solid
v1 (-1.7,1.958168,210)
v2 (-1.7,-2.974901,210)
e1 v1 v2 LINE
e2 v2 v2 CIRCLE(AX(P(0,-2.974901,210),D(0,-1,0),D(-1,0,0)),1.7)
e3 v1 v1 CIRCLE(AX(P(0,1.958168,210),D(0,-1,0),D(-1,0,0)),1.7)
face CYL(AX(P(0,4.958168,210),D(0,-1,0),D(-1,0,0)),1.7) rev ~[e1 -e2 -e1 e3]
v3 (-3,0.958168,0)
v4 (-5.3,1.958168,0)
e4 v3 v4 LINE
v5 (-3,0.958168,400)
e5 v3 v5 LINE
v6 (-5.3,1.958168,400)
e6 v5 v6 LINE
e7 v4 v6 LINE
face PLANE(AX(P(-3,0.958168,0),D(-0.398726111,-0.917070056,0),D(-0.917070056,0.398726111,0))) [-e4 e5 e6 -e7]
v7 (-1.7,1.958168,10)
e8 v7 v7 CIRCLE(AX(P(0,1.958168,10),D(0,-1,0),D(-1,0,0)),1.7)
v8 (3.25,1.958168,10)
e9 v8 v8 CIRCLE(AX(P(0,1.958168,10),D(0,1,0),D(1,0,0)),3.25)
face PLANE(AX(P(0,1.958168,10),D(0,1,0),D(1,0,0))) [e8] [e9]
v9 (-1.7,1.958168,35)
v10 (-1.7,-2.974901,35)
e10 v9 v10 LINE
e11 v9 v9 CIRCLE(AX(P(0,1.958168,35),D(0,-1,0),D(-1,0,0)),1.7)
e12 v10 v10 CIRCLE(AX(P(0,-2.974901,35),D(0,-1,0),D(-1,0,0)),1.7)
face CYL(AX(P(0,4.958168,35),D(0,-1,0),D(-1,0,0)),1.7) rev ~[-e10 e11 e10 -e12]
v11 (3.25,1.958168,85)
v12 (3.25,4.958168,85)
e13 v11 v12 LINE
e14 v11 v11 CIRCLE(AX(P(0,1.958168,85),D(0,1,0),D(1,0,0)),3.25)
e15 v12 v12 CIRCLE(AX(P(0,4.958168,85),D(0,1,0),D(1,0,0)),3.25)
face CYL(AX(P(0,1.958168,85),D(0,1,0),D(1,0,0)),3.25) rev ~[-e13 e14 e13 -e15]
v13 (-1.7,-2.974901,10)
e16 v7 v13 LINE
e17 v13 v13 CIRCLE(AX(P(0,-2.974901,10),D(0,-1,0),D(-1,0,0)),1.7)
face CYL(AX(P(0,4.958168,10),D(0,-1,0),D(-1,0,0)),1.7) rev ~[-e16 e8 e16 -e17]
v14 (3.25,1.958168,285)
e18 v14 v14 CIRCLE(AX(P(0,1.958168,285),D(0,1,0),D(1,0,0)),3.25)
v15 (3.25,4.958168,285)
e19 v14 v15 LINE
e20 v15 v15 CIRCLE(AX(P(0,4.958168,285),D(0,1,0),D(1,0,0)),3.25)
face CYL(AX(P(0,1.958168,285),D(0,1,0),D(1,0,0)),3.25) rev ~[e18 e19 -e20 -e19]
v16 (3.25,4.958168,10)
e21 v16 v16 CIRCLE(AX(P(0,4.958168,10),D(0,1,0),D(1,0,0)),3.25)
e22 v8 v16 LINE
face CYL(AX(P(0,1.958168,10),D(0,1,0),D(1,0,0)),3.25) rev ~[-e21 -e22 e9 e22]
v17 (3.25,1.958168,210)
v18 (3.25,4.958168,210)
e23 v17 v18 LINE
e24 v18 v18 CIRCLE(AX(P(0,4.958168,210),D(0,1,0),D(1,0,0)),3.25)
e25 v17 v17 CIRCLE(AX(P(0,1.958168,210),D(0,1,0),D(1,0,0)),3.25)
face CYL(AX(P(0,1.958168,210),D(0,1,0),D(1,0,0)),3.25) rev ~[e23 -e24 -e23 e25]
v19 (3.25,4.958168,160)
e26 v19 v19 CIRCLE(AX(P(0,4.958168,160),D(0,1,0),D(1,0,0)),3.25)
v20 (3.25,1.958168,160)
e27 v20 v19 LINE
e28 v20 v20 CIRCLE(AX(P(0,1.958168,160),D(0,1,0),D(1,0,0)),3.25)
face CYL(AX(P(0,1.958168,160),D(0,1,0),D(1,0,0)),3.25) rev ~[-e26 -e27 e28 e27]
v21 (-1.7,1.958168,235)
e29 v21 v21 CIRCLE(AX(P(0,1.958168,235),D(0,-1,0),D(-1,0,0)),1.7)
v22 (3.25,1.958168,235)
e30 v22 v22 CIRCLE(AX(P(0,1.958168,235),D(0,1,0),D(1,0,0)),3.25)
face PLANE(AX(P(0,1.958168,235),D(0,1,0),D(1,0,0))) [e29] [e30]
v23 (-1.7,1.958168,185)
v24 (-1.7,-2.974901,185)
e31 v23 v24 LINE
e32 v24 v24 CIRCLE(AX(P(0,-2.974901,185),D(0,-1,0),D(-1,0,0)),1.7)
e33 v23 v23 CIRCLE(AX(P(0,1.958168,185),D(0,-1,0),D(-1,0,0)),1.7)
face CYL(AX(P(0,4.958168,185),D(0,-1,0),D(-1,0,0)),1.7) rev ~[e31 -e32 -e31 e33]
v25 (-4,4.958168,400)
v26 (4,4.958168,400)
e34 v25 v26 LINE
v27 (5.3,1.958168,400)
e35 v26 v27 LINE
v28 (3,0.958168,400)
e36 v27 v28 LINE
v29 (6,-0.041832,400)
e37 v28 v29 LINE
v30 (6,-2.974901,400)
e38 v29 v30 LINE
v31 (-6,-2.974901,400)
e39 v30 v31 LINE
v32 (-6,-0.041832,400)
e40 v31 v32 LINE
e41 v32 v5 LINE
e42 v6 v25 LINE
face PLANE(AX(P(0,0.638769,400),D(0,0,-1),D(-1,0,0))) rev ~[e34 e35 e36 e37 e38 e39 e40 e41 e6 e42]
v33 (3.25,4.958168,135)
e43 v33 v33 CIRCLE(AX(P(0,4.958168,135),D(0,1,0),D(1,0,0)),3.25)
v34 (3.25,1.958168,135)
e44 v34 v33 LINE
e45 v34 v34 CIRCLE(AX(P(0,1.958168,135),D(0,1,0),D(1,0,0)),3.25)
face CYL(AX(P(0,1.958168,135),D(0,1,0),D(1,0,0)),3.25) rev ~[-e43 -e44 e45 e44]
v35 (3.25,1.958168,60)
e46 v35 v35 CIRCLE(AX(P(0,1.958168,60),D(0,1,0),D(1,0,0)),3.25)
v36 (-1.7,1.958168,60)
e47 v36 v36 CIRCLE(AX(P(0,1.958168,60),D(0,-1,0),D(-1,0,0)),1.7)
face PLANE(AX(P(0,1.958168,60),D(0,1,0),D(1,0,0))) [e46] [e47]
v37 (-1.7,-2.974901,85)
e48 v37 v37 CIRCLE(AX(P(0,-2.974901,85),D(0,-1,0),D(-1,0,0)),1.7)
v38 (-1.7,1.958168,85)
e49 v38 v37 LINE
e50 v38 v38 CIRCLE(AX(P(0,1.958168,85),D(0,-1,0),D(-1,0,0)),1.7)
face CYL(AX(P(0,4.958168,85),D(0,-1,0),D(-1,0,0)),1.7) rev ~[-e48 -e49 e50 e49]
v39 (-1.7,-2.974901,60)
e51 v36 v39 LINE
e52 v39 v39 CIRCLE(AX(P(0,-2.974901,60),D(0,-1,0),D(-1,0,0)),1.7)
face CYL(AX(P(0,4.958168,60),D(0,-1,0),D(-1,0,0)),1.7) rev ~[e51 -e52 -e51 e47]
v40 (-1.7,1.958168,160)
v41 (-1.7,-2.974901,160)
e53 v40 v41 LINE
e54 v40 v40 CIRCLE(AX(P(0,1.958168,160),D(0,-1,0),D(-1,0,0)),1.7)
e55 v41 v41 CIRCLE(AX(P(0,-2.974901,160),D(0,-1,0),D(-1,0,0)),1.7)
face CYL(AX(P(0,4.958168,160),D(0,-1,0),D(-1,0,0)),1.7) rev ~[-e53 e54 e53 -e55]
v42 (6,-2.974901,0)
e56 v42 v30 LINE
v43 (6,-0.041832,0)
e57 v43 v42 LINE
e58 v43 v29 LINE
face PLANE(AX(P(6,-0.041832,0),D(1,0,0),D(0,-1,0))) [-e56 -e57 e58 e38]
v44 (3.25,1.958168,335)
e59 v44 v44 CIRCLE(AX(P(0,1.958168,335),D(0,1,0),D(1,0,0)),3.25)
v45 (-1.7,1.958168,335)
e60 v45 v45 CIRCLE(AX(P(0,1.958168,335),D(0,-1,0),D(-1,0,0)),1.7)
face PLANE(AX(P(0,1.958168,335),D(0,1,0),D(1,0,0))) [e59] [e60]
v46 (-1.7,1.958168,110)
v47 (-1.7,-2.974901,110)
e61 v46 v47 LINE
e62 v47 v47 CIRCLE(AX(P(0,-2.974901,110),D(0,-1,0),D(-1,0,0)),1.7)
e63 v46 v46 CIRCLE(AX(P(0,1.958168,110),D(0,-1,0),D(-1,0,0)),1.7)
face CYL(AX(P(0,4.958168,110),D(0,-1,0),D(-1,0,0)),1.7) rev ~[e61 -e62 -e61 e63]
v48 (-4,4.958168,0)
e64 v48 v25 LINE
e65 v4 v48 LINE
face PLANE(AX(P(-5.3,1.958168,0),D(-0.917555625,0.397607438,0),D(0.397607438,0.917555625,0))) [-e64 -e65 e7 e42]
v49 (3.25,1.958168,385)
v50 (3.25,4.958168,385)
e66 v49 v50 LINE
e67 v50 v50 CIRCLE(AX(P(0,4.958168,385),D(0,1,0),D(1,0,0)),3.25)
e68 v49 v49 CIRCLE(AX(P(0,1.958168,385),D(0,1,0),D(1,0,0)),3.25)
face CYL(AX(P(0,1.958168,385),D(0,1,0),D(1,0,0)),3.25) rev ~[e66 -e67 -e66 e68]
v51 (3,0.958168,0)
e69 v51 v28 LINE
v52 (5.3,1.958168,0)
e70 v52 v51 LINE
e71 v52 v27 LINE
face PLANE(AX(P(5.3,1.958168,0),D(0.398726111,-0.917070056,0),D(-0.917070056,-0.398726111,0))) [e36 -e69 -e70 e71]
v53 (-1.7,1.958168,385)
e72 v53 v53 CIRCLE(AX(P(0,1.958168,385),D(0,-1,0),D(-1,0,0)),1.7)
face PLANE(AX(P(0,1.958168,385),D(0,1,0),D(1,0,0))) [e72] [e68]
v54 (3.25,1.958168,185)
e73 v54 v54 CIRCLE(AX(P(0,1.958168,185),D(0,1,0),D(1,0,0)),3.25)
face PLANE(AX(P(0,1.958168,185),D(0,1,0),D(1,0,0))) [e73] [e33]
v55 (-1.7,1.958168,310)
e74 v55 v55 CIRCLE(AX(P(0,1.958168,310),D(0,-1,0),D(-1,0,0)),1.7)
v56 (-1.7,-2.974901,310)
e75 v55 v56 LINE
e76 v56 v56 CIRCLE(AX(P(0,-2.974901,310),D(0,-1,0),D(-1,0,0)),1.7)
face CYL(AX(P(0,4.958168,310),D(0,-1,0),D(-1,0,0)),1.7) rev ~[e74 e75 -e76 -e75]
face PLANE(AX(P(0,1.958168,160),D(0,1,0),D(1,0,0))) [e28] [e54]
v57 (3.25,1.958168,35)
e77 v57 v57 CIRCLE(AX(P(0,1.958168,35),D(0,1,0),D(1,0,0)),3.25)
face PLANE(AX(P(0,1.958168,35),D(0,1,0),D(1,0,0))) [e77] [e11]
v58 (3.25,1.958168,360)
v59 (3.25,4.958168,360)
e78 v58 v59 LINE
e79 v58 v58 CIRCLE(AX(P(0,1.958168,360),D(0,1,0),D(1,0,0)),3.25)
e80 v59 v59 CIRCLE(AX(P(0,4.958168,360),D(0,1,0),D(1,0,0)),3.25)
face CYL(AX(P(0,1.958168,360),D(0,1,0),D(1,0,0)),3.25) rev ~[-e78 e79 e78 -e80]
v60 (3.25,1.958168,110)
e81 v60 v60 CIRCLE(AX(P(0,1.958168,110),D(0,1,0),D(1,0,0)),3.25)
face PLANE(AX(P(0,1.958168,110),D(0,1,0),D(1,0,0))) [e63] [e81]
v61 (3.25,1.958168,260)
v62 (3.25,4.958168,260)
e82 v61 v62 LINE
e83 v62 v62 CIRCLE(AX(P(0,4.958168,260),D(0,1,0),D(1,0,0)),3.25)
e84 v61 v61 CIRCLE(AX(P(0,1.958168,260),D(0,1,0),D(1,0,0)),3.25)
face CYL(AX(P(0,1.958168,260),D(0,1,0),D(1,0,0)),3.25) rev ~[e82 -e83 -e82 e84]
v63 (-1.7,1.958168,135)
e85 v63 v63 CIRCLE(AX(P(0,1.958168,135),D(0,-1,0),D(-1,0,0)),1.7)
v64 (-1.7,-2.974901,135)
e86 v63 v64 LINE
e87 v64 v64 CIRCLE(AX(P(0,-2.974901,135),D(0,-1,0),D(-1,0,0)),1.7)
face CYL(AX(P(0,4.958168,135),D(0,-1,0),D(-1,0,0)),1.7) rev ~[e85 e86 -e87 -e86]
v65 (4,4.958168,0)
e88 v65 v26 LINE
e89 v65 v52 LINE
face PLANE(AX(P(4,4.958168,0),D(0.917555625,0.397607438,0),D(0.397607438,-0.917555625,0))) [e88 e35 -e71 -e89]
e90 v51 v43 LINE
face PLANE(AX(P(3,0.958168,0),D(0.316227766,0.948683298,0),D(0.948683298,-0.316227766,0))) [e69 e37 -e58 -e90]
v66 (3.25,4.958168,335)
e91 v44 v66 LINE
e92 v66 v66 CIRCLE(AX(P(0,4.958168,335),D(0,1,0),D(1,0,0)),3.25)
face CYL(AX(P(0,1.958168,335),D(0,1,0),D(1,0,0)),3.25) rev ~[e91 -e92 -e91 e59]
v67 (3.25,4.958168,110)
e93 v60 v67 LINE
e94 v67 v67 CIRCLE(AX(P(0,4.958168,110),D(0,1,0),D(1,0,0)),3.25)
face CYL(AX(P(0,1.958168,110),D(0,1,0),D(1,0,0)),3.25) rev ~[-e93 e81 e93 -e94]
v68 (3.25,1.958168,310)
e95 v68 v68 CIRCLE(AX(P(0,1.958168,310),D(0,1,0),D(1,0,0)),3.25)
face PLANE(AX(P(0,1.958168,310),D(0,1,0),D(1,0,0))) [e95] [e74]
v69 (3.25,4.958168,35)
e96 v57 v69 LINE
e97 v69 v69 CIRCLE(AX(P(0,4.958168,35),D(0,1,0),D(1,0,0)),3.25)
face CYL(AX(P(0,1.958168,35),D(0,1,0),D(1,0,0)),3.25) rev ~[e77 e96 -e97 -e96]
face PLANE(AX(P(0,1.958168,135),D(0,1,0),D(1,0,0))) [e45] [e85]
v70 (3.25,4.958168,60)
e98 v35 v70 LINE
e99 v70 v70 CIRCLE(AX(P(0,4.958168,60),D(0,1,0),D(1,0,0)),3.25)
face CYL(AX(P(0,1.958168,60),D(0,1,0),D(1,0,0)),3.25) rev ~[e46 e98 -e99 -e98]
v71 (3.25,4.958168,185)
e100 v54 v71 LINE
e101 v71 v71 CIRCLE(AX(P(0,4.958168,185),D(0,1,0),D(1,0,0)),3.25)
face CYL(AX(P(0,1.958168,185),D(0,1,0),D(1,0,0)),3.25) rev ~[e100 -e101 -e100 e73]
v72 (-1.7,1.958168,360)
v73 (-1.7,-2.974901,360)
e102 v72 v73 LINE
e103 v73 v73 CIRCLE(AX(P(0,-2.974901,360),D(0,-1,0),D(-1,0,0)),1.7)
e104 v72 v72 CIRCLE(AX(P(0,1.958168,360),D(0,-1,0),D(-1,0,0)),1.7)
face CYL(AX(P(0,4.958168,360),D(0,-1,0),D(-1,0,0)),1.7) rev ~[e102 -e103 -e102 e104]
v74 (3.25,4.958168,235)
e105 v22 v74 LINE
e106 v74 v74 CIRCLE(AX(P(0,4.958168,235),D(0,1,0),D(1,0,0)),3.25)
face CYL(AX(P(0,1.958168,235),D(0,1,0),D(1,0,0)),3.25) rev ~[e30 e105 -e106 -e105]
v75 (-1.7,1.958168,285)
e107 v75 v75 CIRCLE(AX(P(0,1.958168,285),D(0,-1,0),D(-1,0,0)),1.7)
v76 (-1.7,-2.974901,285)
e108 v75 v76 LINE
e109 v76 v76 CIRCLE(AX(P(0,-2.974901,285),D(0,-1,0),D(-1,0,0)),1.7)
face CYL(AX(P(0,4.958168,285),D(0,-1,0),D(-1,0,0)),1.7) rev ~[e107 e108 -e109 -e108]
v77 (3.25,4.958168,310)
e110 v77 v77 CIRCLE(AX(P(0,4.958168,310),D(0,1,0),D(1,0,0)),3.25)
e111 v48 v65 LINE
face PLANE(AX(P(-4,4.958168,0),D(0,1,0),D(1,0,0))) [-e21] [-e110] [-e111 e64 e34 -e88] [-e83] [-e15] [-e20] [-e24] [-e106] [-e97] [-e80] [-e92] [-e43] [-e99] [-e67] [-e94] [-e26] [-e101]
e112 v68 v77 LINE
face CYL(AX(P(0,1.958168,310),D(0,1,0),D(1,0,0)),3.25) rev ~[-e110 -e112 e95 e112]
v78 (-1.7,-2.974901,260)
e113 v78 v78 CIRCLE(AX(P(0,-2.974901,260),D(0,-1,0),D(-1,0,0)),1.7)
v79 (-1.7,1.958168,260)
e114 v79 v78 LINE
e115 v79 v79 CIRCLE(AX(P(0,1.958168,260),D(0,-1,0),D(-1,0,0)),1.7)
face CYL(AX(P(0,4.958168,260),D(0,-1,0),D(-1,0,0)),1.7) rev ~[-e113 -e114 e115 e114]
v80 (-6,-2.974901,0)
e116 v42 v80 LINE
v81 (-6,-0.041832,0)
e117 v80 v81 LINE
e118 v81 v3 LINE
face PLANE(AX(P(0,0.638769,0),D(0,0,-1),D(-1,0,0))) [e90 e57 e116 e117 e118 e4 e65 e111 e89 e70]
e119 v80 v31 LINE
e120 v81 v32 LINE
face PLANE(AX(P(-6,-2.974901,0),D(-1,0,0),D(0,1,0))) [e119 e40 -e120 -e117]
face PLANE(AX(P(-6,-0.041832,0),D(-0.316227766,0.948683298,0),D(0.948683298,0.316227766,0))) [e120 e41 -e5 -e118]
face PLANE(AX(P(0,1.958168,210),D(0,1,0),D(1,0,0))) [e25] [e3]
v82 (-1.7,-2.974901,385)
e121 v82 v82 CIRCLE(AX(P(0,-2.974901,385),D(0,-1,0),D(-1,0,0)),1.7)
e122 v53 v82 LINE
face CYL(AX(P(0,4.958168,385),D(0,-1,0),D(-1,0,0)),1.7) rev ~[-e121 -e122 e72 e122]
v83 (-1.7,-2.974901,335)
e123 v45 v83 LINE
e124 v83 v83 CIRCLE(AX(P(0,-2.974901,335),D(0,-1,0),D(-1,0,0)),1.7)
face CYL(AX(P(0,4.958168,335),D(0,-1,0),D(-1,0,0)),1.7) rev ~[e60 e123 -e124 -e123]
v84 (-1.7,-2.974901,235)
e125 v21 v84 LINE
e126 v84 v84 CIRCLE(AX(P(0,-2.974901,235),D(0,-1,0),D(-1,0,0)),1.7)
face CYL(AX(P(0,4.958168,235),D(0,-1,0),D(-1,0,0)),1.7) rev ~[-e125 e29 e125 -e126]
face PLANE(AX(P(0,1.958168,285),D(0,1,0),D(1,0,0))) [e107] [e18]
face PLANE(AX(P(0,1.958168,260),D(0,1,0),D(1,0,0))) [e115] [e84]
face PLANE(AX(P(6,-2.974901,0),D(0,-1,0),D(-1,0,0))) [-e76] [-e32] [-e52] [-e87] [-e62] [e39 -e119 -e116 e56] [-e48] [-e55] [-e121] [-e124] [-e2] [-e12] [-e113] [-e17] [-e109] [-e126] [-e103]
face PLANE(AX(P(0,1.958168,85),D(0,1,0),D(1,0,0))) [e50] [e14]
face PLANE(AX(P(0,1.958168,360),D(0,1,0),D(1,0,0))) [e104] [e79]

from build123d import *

# Parameters (mm, degrees)
EXTRUDE_1_DEPTH              = 400
HOLE_WIZARD_M3_1_D           = 3.4
HOLE_WIZARD_M3_1_CBORE_D     = 6.5
HOLE_WIZARD_M3_1_CBORE_DEPTH = 3


with BuildPart() as part:
    # 草图1 → 凸台-拉伸1 (new body)
    with BuildSketch(Plane(origin=(0, 0, 0), x_dir=(-1, 0, 0), z_dir=(0, 0, -1))):
        Polygon((-4, 4.958168347), (-5.3, 1.958168347), (-3, 0.958168347), (-6, -0.041831653), (-6, -2.974901007), (6, -2.974901007), (6, -0.041831653), (3, 0.958168347), (5.3, 1.958168347), (4, 4.958168347), align=None)
    extrude(amount=-EXTRUDE_1_DEPTH)

    # M3 六角头机械螺钉的柱形沉头孔1 (through all)
    with Locations(Plane(origin=(0, 4.958168347, 0), x_dir=(1, 0, 0), z_dir=(0, 1, 0))):
        with Locations((0, -385), (0, -360), (0, -335), (0, -310), (0, -285), (0, -260), (0, -235), (0, -210), (0, -185), (0, -160), (0, -135), (0, -110), (0, -85), (0, -60), (0, -10), (0, -35)):
            CounterBoreHole(HOLE_WIZARD_M3_1_D / 2, HOLE_WIZARD_M3_1_CBORE_D / 2, HOLE_WIZARD_M3_1_CBORE_DEPTH)


solid = part.part
